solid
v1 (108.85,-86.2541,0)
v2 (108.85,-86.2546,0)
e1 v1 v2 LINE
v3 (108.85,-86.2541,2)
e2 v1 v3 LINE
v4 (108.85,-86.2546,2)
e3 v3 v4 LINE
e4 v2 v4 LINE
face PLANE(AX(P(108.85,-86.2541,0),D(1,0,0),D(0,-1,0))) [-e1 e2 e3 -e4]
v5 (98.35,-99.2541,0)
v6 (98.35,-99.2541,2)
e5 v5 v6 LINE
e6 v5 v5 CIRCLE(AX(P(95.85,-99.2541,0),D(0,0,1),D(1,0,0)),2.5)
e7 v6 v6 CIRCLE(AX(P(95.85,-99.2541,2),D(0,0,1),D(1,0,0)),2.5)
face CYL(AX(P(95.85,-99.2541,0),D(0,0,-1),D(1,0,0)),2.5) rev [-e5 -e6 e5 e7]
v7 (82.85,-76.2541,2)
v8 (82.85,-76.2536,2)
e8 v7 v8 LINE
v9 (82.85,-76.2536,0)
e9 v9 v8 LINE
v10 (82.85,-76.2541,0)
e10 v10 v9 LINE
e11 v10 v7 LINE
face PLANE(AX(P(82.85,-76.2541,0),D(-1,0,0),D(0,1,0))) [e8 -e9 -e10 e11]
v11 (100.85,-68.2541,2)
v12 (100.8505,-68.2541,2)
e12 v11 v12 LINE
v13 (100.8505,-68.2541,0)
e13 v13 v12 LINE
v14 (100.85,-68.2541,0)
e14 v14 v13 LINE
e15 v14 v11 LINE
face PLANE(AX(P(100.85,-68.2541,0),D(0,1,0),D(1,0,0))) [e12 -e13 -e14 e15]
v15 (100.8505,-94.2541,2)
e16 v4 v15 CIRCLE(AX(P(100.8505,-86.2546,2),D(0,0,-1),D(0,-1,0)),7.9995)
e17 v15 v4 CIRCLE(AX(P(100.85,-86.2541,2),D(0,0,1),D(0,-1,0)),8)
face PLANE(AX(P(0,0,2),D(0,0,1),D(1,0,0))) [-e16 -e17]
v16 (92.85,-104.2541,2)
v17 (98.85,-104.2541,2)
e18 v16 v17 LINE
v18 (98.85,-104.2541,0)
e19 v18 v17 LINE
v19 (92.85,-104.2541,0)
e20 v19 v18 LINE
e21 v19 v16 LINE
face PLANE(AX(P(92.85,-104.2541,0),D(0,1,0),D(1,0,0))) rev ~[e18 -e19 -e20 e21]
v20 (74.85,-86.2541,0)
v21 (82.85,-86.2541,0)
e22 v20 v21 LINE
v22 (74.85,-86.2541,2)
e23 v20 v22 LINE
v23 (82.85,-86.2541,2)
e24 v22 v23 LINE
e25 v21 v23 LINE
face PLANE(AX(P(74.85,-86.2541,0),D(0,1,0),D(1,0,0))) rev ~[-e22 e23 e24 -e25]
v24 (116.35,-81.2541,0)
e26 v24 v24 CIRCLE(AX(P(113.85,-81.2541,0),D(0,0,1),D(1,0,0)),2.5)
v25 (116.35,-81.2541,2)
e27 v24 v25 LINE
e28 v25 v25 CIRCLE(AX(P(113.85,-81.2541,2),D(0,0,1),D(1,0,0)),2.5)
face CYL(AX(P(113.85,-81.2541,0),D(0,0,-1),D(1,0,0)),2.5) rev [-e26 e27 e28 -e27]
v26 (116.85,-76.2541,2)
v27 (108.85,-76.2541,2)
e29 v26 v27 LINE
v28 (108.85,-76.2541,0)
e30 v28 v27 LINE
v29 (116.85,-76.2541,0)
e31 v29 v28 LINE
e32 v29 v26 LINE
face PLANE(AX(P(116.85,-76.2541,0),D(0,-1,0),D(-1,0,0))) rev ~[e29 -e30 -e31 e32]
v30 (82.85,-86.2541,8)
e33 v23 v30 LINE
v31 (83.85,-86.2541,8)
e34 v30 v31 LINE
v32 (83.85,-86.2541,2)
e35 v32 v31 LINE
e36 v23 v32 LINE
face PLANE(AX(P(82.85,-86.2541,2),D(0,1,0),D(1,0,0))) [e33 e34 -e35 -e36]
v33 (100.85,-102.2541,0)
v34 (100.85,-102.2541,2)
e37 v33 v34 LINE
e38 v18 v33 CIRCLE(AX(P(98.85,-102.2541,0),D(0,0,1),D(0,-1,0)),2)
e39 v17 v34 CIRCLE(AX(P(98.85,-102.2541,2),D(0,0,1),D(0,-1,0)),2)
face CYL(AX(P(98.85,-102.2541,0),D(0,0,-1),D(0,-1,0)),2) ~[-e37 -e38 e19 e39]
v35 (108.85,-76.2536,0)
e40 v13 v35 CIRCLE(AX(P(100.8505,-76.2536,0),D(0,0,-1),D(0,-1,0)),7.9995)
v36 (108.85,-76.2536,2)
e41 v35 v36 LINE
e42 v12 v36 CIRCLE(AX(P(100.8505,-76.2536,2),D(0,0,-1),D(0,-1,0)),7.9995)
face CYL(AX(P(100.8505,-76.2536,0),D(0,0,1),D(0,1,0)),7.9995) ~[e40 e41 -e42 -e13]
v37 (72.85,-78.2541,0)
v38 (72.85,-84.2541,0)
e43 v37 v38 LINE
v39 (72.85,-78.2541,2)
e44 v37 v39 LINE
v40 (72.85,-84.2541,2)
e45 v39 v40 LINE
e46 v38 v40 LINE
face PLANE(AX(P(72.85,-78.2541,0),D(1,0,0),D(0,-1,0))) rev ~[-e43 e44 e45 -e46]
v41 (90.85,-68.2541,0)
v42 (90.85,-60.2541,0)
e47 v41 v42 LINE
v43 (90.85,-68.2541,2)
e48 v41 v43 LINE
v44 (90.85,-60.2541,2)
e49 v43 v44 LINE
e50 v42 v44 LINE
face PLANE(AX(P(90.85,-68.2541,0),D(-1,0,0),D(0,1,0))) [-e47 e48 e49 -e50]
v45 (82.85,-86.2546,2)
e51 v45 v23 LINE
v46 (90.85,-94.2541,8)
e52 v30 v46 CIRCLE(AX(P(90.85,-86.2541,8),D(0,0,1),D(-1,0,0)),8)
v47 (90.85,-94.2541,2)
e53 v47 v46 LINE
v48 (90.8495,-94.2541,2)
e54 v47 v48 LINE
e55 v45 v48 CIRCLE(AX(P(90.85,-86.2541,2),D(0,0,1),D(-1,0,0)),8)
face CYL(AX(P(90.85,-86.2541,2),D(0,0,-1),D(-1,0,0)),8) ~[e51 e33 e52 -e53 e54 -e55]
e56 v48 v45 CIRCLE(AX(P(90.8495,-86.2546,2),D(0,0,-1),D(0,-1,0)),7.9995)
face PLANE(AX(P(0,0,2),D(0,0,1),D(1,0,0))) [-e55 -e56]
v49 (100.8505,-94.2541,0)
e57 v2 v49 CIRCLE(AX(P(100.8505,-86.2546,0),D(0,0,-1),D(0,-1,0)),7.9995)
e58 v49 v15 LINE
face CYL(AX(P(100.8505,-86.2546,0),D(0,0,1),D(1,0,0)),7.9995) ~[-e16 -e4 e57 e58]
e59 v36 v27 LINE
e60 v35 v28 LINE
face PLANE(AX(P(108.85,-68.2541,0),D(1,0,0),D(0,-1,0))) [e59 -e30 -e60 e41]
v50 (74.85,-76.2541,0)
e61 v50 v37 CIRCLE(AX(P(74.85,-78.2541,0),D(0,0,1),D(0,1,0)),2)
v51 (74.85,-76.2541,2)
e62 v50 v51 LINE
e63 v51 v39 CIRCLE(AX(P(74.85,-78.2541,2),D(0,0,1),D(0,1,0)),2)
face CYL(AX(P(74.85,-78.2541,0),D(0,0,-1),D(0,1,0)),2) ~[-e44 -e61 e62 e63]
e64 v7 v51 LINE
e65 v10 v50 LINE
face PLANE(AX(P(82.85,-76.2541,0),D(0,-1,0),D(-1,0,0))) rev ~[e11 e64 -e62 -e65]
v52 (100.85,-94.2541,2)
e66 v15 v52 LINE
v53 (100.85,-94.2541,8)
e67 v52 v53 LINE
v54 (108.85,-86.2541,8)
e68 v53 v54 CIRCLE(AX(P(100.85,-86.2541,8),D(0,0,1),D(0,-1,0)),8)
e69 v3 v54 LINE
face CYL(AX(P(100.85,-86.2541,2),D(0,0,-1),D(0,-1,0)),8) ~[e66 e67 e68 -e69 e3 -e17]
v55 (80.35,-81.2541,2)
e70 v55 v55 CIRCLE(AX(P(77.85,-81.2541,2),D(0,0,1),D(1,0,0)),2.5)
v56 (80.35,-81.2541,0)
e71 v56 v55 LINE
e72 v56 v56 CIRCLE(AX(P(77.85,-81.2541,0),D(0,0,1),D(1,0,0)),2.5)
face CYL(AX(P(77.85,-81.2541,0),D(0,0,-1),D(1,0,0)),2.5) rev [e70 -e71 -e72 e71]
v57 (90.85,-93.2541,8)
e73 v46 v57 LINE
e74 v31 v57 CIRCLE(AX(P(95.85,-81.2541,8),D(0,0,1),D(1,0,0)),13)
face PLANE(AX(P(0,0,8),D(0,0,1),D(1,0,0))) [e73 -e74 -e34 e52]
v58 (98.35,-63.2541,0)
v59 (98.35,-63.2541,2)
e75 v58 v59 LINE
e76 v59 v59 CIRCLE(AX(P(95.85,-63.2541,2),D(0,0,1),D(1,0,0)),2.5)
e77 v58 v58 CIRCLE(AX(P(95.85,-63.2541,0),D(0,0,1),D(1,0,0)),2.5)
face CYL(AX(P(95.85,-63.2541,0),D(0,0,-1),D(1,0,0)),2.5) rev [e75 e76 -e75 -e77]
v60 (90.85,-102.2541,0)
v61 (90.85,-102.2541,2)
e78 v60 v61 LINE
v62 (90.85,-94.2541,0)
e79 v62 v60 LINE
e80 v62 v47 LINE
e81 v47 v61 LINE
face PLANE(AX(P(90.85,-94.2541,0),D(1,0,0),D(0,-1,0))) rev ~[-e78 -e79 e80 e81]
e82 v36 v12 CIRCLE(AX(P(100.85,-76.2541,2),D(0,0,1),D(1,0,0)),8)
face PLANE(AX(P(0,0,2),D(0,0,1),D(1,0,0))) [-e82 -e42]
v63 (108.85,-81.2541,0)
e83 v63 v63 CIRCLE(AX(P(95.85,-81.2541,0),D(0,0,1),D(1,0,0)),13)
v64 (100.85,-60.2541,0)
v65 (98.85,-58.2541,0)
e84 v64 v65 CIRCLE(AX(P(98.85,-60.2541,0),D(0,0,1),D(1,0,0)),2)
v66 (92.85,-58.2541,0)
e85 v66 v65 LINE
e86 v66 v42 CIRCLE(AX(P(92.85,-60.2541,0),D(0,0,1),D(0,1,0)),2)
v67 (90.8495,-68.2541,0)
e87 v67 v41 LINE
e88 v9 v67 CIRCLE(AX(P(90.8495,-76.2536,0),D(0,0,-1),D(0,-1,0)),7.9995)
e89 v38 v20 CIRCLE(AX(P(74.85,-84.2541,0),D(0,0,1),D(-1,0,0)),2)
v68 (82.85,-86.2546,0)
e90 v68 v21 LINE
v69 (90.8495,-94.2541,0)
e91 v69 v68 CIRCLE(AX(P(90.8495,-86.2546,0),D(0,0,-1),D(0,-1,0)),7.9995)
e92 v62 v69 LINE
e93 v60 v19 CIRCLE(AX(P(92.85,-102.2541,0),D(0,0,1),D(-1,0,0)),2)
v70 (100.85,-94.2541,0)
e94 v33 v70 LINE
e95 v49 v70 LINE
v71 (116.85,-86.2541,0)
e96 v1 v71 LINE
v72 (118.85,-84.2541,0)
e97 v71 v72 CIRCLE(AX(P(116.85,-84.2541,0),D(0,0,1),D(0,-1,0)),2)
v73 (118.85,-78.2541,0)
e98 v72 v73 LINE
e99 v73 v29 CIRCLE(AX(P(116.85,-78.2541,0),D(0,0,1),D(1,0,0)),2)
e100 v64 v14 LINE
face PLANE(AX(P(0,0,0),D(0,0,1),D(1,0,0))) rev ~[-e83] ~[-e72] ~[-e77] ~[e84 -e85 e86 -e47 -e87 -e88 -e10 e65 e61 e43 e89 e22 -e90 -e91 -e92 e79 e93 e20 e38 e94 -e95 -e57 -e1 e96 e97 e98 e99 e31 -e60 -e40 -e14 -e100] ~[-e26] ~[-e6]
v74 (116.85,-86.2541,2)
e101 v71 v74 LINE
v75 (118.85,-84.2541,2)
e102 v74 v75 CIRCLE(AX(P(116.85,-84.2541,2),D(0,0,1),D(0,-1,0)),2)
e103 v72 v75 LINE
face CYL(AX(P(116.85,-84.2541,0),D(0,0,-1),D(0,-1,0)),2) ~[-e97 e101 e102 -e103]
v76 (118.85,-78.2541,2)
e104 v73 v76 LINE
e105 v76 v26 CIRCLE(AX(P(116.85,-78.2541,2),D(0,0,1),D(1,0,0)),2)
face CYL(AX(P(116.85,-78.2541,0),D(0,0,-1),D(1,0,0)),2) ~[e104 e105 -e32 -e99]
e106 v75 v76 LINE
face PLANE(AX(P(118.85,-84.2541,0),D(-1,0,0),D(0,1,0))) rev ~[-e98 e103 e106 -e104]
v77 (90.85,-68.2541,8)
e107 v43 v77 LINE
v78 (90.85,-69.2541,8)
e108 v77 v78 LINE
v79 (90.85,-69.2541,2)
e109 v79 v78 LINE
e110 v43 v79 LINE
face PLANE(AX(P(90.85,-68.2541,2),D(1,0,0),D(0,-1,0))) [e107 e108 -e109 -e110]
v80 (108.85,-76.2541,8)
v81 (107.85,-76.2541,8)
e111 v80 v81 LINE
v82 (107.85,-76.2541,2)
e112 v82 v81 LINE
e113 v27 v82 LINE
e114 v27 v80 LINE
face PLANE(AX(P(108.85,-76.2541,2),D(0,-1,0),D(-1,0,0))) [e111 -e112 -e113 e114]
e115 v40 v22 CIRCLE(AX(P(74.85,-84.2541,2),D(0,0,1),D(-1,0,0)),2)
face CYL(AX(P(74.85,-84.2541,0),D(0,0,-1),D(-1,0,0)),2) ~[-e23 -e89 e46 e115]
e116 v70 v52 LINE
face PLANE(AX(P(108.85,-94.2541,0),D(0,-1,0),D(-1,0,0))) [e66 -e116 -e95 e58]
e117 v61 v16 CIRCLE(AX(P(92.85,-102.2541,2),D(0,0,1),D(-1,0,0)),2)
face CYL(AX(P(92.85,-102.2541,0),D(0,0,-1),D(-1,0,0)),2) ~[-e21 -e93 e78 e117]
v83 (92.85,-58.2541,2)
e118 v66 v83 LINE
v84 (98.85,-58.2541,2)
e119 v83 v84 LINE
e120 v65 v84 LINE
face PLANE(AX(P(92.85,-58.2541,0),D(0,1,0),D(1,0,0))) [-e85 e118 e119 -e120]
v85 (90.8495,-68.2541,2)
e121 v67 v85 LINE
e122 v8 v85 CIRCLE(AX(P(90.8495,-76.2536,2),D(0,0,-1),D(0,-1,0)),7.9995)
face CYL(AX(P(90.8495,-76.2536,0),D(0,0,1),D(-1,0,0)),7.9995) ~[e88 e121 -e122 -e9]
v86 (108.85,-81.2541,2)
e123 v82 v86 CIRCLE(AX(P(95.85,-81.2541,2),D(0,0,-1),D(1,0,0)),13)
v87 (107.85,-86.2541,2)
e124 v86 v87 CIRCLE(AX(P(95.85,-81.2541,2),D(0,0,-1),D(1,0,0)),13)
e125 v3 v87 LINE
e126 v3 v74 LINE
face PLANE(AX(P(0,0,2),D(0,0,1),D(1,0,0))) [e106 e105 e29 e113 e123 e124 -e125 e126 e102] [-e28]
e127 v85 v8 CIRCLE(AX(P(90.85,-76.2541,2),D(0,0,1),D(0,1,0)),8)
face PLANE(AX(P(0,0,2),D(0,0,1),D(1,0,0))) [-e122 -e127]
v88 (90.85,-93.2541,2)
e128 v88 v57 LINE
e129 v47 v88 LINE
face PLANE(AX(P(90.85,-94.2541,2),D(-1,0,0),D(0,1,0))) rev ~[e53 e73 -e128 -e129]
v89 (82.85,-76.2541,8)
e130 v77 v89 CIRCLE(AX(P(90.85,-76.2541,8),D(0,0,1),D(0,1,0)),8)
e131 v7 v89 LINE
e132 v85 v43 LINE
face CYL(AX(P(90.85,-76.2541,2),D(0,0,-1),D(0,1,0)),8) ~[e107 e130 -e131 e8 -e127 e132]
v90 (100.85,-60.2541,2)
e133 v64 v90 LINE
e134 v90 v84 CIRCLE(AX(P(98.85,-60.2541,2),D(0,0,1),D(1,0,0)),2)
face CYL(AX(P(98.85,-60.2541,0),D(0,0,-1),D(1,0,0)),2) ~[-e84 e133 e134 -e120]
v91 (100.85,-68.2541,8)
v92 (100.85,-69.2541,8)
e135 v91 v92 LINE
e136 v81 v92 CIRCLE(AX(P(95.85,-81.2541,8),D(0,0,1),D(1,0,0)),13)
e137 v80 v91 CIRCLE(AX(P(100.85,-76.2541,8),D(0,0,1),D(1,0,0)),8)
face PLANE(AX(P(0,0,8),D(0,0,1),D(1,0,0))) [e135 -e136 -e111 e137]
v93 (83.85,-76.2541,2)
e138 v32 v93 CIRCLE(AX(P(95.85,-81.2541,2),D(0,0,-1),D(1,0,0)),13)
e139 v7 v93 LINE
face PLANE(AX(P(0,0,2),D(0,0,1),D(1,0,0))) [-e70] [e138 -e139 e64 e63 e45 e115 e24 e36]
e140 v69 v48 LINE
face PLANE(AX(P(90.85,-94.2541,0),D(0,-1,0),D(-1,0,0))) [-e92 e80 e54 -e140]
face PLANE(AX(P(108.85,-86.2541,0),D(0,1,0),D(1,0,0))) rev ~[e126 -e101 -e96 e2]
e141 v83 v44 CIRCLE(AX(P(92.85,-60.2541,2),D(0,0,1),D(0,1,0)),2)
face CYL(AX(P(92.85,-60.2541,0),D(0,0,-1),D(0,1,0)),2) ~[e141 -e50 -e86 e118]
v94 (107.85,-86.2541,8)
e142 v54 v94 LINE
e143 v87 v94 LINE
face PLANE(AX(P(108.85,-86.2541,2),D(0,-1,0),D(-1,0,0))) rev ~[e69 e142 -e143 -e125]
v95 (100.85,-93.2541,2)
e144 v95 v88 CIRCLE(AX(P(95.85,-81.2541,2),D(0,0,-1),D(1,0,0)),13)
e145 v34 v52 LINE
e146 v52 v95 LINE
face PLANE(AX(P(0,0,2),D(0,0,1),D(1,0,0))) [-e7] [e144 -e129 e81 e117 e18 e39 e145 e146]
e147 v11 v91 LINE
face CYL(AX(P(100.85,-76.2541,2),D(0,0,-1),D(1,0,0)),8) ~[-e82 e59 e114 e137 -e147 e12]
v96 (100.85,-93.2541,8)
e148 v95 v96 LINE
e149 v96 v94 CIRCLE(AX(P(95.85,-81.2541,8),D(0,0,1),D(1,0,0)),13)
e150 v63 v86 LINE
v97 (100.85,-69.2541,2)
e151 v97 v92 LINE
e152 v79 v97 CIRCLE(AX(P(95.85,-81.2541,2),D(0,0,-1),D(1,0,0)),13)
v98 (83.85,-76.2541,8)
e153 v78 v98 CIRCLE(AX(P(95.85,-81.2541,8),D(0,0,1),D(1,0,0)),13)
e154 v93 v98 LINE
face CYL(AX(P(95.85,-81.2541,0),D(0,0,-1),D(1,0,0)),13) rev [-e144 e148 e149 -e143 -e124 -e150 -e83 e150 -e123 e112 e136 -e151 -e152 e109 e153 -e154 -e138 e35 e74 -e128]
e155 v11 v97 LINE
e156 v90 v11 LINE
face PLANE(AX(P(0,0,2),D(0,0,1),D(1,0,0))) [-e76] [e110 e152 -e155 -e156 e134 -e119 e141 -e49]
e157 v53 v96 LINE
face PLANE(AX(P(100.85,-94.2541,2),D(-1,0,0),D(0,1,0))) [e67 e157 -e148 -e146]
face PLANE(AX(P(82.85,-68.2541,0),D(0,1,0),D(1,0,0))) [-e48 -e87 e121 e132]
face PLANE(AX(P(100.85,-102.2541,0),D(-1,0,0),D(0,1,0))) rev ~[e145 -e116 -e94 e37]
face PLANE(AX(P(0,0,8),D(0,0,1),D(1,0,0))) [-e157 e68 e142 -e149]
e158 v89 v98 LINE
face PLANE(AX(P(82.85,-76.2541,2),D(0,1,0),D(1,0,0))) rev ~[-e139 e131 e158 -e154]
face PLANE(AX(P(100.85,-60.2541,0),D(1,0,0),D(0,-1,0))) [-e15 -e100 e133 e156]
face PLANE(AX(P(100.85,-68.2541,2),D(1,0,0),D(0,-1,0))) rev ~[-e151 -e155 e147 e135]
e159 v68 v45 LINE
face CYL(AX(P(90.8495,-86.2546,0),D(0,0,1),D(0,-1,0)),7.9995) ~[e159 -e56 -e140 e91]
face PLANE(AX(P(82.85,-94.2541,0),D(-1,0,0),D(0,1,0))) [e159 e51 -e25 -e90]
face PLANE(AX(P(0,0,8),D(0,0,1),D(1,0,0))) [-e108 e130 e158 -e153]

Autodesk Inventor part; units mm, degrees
ref_plane "YZ Plane" through (0, 0, 0) normal (1, 0, 0) x (0, 1, 0)
sketch "Sketch1" plane through (0, 0, 0) normal (0, 0, 1) x (1, 0, 0)
  circle A0 centre (95.85, -81.2541) radius 13 projected
  line L0 (108.85, -68.2541) -> (108.85, -94.2541)
  line L1 (82.85, -94.2541) -> (82.85, -68.2541)
  line L2 (82.85, -68.2541) -> (108.85, -68.2541)
  line L3 (82.85, -81.2541) -> (77.85, -81.2541) construction
  line L4 (95.85, -68.2541) -> (95.85, -63.2541) construction
  line L5 (108.85, -81.2541) -> (113.85, -81.2541) construction
  line L6 (108.85, -81.2541) -> (113.85, -81.2541) construction
  line L7 (95.85, -94.2541) -> (95.85, -99.2541) construction
  line L8 (92.85, -58.2541) -> (98.85, -58.2541)
  line L9 (100.85, -60.2541) -> (100.85, -68.2541)
  line L10 (100.85, -68.2541) -> (90.85, -68.2541)
  line L11 (90.85, -68.2541) -> (90.85, -60.2541)
  line L12 (90.85, -58.2541) -> (100.85, -68.2541) construction
  line L13 (100.85, -58.2541) -> (90.85, -68.2541) construction
  line L14 (116.85, -76.2541) -> (108.85, -76.2541)
  line L15 (108.85, -76.2541) -> (108.85, -86.2541)
  line L16 (108.85, -86.2541) -> (116.85, -86.2541)
  line L17 (118.85, -84.2541) -> (118.85, -78.2541)
  line L18 (118.85, -76.2541) -> (108.85, -86.2541) construction
  line L19 (108.85, -76.2541) -> (118.85, -86.2541) construction
  line L20 (92.85, -104.2541) -> (98.85, -104.2541)
  line L21 (100.85, -102.2541) -> (100.85, -94.2541)
  line L22 (95.85, -94.2541) -> (90.85, -94.2541)
  line L23 (90.85, -94.2541) -> (90.85, -102.2541)
  line L24 (90.85, -104.2541) -> (100.85, -94.2541) construction
  line L25 (100.85, -104.2541) -> (90.85, -94.2541) construction
  line L26 (74.85, -86.2541) -> (82.85, -86.2541)
  line L27 (82.85, -86.2541) -> (82.85, -76.2541)
  line L28 (82.85, -76.2541) -> (74.85, -76.2541)
  line L29 (72.85, -78.2541) -> (72.85, -84.2541)
  line L30 (72.85, -86.2541) -> (82.85, -76.2541) construction
  line L31 (82.85, -86.2541) -> (72.85, -76.2541) construction
  circle A1 centre (77.85, -81.2541) radius 2.5
  circle A2 centre (95.85, -63.2541) radius 2.5
  circle A3 centre (113.85, -81.2541) radius 2.5
  circle A4 centre (95.85, -99.2541) radius 2.5
  line L32 (108.85, -94.2541) -> (95.85, -94.2541)
  line L33 (90.85, -94.2541) -> (82.85, -94.2541)
  arc A5 (92.85, -58.2541) -> (90.85, -60.2541) centre (92.85, -60.2541) ccw
  arc A6 (100.85, -60.2541) -> (98.85, -58.2541) centre (98.85, -60.2541) ccw
  arc A7 (118.85, -78.2541) -> (116.85, -76.2541) centre (116.85, -78.2541) ccw
  arc A8 (116.85, -86.2541) -> (118.85, -84.2541) centre (116.85, -84.2541) ccw
  arc A9 (98.85, -104.2541) -> (100.85, -102.2541) centre (98.85, -102.2541) ccw
  arc A10 (90.85, -102.2541) -> (92.85, -104.2541) centre (92.85, -102.2541) ccw
  arc A11 (72.85, -84.2541) -> (74.85, -86.2541) centre (74.85, -84.2541) ccw
  arc A12 (74.85, -76.2541) -> (72.85, -78.2541) centre (74.85, -78.2541) ccw
  point P0 (0, 0)
  dimension "d0" = 5
  dimension "d1" = 5
  dimension "d2" = 5
  dimension "d3" = 0
  dimension "d4" = 5
  dimension "d5" = 10
  dimension "d6" = 5
  dimension "d7" = 5
  dimension "d8" = 5
  dimension "d9" = 5
  dimension "d10" = 2
ref_plane "Work Plane1" through (82.85, -94.2541, 8) normal (0, 0, 1) x (1, 0, 0)
extrude "Extrusion1" add sketch "Sketch1" along normal blind 2 contours L22 L33 L1 A0 | L32 L21 A9 L20 A10 L23 L22 | A0 L0 L32 | A0 L2 L0 | L0 L14 A7 L17 A8 L16 | L1 L2 A0 | L1 L26 A11 L29 A12 L28 | L2 L11 A5 L8 A6 L9
fillet "Fillet1" radius 8 4 edges at (108.85, -68.2541, 1) (82.85, -68.2541, 1) (82.85, -94.2541, 1) (108.85, -94.2541, 1)
sketch "Sketch2" plane through (0, 0, 2) normal (0, 0, 1) x (1, 0, 0)
  arc A0 (100.85, -94.2541) -> (108.85, -86.2541) centre (100.85, -86.2541) ccw projected
  line L0 (108.85, -86.2541) -> (116.85, -86.2541) projected
  arc A1 (116.85, -86.2541) -> (118.85, -84.2541) centre (116.85, -84.2541) ccw projected
  line L1 (118.85, -84.2541) -> (118.85, -78.2541) projected
  arc A2 (118.85, -78.2541) -> (116.85, -76.2541) centre (116.85, -78.2541) ccw projected
  line L2 (116.85, -76.2541) -> (108.85, -76.2541) projected
  arc A3 (108.85, -76.2541) -> (100.85, -68.2541) centre (100.85, -76.2541) ccw projected
  line L3 (100.85, -68.2541) -> (100.85, -60.2541) projected
  arc A4 (100.85, -60.2541) -> (98.85, -58.2541) centre (98.85, -60.2541) ccw projected
  line L4 (98.85, -58.2541) -> (92.85, -58.2541) projected
  arc A5 (92.85, -58.2541) -> (90.85, -60.2541) centre (92.85, -60.2541) ccw projected
  line L5 (90.85, -60.2541) -> (90.85, -68.2541) projected
  arc A6 (90.85, -68.2541) -> (82.85, -76.2541) centre (90.85, -76.2541) ccw projected
  line L6 (82.85, -76.2541) -> (74.85, -76.2541) projected
  arc A7 (74.85, -76.2541) -> (72.85, -78.2541) centre (74.85, -78.2541) ccw projected
  line L7 (72.85, -78.2541) -> (72.85, -84.2541) projected
  arc A8 (72.85, -84.2541) -> (74.85, -86.2541) centre (74.85, -84.2541) ccw projected
  line L8 (74.85, -86.2541) -> (82.85, -86.2541) projected
  arc A9 (82.85, -86.2541) -> (90.85, -94.2541) centre (90.85, -86.2541) ccw projected
  line L9 (90.85, -94.2541) -> (90.85, -102.2541) projected
  arc A10 (90.85, -102.2541) -> (92.85, -104.2541) centre (92.85, -102.2541) ccw projected
  line L10 (92.85, -104.2541) -> (98.85, -104.2541) projected
  arc A11 (98.85, -104.2541) -> (100.85, -102.2541) centre (98.85, -102.2541) ccw projected
  line L11 (100.85, -102.2541) -> (100.85, -94.2541) projected
  circle A12 centre (95.85, -99.2541) radius 2.5 projected
  circle A13 centre (113.85, -81.2541) radius 2.5 projected
  circle A14 centre (95.85, -63.2541) radius 2.5 projected
  circle A15 centre (77.85, -81.2541) radius 2.5 projected
  circle A16 centre (95.85, -81.2541) radius 13 projected
  line L12 (90.85, -68.2541) -> (90.85, -69.2541)
  line L13 (100.85, -68.2541) -> (100.85, -69.2541)
  line L14 (108.85, -76.2541) -> (107.85, -76.2541)
  line L15 (108.85, -86.2541) -> (107.85, -86.2541)
  line L16 (100.85, -94.2541) -> (100.85, -93.2541)
  line L17 (90.85, -94.2541) -> (90.85, -93.2541)
  line L18 (82.85, -86.2541) -> (83.85, -86.2541)
  line L19 (82.85, -76.2541) -> (83.85, -76.2541)
  circle A17 centre (95.85, -81.2541) radius 13 projected
  point P0 (0, 0)
ref_plane "Work Plane2" through (82.85, -94.2541, 8) normal (0, 0, 1) x (1, 0, 0)
extrude "Extrusion2" add sketch "Sketch2" along normal up to surface (6 mm away) contours L16 A16 L15 A0 | L17 A9 L18 A16 | A16 L13 A3 L14 | L19 A6 L12 A16
properties part number "BearingMountMK2"
